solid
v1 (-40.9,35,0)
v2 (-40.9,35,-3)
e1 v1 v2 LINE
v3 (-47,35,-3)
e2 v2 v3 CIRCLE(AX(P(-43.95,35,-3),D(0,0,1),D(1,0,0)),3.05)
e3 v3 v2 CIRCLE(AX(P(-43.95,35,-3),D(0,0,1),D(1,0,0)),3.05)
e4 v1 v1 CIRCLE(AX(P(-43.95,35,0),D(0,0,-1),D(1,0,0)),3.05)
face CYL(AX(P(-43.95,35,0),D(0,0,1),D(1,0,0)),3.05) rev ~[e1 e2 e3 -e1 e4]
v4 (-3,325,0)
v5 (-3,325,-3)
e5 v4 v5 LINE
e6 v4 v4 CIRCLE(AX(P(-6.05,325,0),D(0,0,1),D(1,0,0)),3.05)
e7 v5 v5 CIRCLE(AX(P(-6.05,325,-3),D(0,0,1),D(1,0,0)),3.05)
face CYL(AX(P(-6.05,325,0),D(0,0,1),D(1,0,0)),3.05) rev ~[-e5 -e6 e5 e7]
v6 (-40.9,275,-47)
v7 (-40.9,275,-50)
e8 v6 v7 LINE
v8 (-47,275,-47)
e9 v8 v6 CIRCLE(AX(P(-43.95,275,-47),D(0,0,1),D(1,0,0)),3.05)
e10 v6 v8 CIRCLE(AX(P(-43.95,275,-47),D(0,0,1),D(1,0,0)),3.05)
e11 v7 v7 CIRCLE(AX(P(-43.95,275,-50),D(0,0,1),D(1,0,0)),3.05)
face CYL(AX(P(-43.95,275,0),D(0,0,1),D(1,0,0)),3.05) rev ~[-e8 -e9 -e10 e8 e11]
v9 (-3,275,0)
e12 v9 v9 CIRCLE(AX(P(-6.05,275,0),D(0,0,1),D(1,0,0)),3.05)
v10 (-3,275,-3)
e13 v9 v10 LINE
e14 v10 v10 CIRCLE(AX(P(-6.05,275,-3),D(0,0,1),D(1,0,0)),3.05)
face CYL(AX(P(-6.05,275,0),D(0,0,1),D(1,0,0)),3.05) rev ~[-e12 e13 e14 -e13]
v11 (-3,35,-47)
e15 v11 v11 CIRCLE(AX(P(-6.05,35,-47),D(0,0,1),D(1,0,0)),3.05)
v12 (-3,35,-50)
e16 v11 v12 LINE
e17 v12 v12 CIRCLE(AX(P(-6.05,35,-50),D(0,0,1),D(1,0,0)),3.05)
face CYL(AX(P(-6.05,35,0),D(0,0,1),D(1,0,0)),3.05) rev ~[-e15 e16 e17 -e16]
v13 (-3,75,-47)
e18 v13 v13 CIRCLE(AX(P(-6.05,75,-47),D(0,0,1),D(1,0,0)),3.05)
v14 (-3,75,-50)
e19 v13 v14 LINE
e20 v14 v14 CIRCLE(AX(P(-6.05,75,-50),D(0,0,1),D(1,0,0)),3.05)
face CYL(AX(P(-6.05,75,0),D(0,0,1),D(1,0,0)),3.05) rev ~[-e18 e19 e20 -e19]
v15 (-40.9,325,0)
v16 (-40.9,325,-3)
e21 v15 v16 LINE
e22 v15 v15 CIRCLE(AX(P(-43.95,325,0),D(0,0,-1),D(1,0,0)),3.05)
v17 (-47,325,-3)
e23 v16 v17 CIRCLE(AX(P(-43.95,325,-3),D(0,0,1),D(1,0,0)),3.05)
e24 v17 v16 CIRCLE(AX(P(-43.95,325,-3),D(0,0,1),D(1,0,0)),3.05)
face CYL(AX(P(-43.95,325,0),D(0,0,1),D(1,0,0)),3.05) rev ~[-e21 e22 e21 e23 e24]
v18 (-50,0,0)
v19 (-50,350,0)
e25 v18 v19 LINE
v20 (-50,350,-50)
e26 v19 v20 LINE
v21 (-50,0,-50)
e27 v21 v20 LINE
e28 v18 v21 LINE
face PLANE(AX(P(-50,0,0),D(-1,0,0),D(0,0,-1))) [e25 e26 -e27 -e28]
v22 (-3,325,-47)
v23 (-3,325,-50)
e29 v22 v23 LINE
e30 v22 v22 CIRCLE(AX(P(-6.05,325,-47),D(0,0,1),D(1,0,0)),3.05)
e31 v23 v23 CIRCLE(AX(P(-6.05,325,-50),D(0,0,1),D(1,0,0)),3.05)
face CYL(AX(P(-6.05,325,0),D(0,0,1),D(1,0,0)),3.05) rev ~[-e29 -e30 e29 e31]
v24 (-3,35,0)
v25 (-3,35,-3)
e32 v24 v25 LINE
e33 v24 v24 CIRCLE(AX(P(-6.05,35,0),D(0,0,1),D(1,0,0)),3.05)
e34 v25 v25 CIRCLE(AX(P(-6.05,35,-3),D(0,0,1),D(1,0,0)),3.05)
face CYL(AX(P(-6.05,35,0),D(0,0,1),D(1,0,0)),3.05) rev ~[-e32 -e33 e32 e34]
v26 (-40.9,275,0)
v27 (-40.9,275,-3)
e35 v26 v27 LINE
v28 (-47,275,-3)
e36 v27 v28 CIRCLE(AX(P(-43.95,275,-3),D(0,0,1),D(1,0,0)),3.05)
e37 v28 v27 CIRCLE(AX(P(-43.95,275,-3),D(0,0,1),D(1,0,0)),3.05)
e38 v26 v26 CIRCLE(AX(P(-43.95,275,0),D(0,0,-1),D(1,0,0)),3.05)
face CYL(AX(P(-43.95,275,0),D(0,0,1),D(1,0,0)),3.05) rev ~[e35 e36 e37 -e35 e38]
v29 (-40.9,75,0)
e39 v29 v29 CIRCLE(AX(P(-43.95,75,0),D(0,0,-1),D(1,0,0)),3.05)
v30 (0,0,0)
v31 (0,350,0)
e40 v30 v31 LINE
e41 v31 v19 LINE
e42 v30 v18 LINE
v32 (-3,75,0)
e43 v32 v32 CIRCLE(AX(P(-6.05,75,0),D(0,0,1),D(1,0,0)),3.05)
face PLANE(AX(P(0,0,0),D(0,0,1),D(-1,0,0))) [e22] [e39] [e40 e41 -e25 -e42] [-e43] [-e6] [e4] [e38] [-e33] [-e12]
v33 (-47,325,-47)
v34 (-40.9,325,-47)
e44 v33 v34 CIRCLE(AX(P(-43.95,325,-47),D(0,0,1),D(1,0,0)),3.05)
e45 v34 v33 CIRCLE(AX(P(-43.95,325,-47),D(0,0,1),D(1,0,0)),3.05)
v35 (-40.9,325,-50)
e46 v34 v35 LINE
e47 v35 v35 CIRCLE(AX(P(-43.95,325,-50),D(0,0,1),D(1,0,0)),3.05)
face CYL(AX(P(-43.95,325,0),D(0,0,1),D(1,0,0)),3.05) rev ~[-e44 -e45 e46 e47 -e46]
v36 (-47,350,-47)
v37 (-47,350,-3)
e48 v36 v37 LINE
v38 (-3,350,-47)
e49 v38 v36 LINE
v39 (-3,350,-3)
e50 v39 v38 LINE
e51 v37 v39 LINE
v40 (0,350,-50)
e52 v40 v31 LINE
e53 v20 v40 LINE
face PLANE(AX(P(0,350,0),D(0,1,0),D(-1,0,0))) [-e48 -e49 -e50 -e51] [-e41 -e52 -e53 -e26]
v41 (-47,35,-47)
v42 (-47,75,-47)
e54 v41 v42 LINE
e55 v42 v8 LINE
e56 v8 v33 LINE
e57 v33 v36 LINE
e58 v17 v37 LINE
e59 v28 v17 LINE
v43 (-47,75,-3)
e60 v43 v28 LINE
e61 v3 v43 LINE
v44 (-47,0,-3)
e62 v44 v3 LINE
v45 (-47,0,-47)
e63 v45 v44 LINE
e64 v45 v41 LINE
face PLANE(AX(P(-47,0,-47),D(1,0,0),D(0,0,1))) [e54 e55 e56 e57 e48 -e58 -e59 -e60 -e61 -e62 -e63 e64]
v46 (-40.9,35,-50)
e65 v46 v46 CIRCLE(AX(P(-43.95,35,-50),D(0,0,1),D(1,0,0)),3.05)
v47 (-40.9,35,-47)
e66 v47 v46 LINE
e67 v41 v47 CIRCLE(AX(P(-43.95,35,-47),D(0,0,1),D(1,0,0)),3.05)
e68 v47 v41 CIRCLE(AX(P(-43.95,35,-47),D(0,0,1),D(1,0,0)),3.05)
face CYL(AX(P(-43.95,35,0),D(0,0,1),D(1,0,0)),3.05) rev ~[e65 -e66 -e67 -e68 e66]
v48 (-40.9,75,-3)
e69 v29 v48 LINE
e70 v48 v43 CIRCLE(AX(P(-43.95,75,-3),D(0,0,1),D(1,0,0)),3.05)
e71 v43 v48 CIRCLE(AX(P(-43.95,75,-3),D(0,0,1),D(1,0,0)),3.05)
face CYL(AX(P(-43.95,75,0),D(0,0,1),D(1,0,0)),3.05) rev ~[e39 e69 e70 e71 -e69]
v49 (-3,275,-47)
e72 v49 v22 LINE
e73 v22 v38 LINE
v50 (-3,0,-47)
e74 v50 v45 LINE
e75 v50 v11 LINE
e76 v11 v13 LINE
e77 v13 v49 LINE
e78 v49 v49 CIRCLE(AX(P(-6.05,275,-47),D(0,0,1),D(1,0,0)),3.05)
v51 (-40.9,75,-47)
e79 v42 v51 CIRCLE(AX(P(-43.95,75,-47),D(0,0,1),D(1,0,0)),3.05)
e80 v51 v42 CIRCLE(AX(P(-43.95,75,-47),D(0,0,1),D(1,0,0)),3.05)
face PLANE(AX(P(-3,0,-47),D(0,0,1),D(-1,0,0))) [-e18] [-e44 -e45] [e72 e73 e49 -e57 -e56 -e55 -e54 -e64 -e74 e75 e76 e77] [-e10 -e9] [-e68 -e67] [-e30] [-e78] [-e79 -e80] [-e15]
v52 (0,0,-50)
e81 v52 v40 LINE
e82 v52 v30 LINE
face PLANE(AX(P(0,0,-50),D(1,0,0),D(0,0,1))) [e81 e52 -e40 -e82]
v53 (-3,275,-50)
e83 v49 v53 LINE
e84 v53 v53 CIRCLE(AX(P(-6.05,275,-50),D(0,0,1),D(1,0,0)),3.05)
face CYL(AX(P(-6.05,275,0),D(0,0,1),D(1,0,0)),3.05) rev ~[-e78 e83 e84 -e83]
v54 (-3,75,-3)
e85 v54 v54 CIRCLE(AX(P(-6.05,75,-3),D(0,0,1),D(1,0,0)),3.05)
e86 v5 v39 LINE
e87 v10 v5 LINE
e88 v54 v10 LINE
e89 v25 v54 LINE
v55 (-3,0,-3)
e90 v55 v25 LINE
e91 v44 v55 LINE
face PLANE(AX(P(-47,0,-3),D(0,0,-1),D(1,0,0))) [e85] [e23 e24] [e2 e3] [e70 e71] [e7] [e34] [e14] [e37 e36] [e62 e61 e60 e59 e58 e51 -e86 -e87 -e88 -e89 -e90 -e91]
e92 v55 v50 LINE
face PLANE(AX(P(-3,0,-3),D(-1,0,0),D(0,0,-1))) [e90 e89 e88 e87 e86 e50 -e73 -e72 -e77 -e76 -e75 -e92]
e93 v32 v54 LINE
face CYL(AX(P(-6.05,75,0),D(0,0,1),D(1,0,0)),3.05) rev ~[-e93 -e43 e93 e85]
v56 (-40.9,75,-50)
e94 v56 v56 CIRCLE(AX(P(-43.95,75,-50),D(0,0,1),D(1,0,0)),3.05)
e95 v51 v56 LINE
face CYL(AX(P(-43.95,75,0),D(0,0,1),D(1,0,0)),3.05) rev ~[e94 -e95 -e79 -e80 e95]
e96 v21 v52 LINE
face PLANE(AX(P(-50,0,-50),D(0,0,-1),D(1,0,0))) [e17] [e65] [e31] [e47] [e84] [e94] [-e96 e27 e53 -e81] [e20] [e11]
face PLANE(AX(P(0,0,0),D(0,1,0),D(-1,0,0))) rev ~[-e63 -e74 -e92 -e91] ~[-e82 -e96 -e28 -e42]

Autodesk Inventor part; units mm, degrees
ref_plane "YZ Plane" through (0, 0, 0) normal (1, 0, 0) x (0, 1, 0)
ref_plane "XZ Plane" through (0, 0, 0) normal (0, 1, 0) x (-1, 0, 0)
ref_plane "XY Plane" through (0, 0, 0) normal (0, 0, 1) x (1, 0, 0)
sketch "Эскиз1" plane through (0, 0, 0) normal (0, 1, 0) x (-1, 0, 0)
  line L0 (0, 0) -> (50, 0)
  line L1 (50, 0) -> (50, -50)
  line L2 (50, -50) -> (0, -50)
  line L3 (0, -50) -> (0, 0)
  line L4 (3, -47) -> (47, -47)
  line L5 (47, -47) -> (47, -3)
  line L6 (47, -3) -> (3, -3)
  line L7 (3, -3) -> (3, -47)
  dimension "d0" = 50
  dimension "d1" = 50
  dimension "d2" = 3
extrude "Выдавливание1" add sketch "Эскиз1" along normal blind 350
sketch "Эскиз2" plane through (-50, 0, 0) normal (0, 0, 1) x (1, 0, 0)
  line L0 (0, 0) -> (50, 0) projected
  line L1 (50, 0) -> (50, 350) projected
  line L2 (0, 350) -> (50, 350) projected
  line L3 (0, 0) -> (0, 350) projected
  circle A0 centre (43.95, 325) radius 3.05
  circle A1 centre (43.95, 275) radius 3.05
  circle A2 centre (6.05, 325) radius 3.05
  circle A3 centre (6.05, 275) radius 3.05
  line L4 (3, 0) -> (47, 0) projected
  line L5 (47, 0) -> (47, 350) projected
  line L6 (3, 350) -> (47, 350) projected
  line L7 (3, 0) -> (3, 350) projected
  circle A4 centre (6.05, 35) radius 3.05
  circle A5 centre (43.95, 35) radius 3.05
  circle A6 centre (43.95, 75) radius 3.05
  circle A7 centre (6.05, 75) radius 3.05
  dimension "d5" = 6.1
  dimension "d8" = 50
  dimension "d11" = 37.9
  dimension "d14" = 25
  dimension "d15" = 6.05
  dimension "d18" = 6.1
  dimension "d19" = 35
  dimension "d22" = 40
extrude "Выдавливание2" cut sketch "Эскиз2" against normal through all contours A5 | A6 | A1 | A0 | A2 | A3 | A7 | A4
equation "\"d0\" = width_profile_femur"
equation "\"d1\" = hight_profile_femur"
equation "\"d2\" = thickness_profile_femur"
equation "\"d3\" = length_profile_femur"
equation "\"d5\" = d_main_screw_holes"
equation "\"d11\" = -2 * thickness_profile_femur + hight_profile_femur - d_main_screw_holes"
equation "\"d15\" = 0.5 * d_main_screw_holes + thickness_profile_femur"
equation "\"d18\" = d_main_screw_holes"
equation "\"tolerance_plazma\" = 0.1"
equation "\"thickness_steel\" = 3"
equation "\"d_main_screw_holes\" = 6.1"
equation "\"thickness_profile_tibea\" = 3"
equation "\"hight_shaft_shift\" = 37"
equation "\"thickness_profile_femur\" = 3"
equation "\"width_profile_femur\" = 50"
equation "\"width_shaft_shift\" = 35"
equation "\"length_profile_femur\" = 350"
equation "\"hight_profile_femur\" = 50"
equation "\"width_flattened_surface\" = 12"
properties part number "femur_profile"
